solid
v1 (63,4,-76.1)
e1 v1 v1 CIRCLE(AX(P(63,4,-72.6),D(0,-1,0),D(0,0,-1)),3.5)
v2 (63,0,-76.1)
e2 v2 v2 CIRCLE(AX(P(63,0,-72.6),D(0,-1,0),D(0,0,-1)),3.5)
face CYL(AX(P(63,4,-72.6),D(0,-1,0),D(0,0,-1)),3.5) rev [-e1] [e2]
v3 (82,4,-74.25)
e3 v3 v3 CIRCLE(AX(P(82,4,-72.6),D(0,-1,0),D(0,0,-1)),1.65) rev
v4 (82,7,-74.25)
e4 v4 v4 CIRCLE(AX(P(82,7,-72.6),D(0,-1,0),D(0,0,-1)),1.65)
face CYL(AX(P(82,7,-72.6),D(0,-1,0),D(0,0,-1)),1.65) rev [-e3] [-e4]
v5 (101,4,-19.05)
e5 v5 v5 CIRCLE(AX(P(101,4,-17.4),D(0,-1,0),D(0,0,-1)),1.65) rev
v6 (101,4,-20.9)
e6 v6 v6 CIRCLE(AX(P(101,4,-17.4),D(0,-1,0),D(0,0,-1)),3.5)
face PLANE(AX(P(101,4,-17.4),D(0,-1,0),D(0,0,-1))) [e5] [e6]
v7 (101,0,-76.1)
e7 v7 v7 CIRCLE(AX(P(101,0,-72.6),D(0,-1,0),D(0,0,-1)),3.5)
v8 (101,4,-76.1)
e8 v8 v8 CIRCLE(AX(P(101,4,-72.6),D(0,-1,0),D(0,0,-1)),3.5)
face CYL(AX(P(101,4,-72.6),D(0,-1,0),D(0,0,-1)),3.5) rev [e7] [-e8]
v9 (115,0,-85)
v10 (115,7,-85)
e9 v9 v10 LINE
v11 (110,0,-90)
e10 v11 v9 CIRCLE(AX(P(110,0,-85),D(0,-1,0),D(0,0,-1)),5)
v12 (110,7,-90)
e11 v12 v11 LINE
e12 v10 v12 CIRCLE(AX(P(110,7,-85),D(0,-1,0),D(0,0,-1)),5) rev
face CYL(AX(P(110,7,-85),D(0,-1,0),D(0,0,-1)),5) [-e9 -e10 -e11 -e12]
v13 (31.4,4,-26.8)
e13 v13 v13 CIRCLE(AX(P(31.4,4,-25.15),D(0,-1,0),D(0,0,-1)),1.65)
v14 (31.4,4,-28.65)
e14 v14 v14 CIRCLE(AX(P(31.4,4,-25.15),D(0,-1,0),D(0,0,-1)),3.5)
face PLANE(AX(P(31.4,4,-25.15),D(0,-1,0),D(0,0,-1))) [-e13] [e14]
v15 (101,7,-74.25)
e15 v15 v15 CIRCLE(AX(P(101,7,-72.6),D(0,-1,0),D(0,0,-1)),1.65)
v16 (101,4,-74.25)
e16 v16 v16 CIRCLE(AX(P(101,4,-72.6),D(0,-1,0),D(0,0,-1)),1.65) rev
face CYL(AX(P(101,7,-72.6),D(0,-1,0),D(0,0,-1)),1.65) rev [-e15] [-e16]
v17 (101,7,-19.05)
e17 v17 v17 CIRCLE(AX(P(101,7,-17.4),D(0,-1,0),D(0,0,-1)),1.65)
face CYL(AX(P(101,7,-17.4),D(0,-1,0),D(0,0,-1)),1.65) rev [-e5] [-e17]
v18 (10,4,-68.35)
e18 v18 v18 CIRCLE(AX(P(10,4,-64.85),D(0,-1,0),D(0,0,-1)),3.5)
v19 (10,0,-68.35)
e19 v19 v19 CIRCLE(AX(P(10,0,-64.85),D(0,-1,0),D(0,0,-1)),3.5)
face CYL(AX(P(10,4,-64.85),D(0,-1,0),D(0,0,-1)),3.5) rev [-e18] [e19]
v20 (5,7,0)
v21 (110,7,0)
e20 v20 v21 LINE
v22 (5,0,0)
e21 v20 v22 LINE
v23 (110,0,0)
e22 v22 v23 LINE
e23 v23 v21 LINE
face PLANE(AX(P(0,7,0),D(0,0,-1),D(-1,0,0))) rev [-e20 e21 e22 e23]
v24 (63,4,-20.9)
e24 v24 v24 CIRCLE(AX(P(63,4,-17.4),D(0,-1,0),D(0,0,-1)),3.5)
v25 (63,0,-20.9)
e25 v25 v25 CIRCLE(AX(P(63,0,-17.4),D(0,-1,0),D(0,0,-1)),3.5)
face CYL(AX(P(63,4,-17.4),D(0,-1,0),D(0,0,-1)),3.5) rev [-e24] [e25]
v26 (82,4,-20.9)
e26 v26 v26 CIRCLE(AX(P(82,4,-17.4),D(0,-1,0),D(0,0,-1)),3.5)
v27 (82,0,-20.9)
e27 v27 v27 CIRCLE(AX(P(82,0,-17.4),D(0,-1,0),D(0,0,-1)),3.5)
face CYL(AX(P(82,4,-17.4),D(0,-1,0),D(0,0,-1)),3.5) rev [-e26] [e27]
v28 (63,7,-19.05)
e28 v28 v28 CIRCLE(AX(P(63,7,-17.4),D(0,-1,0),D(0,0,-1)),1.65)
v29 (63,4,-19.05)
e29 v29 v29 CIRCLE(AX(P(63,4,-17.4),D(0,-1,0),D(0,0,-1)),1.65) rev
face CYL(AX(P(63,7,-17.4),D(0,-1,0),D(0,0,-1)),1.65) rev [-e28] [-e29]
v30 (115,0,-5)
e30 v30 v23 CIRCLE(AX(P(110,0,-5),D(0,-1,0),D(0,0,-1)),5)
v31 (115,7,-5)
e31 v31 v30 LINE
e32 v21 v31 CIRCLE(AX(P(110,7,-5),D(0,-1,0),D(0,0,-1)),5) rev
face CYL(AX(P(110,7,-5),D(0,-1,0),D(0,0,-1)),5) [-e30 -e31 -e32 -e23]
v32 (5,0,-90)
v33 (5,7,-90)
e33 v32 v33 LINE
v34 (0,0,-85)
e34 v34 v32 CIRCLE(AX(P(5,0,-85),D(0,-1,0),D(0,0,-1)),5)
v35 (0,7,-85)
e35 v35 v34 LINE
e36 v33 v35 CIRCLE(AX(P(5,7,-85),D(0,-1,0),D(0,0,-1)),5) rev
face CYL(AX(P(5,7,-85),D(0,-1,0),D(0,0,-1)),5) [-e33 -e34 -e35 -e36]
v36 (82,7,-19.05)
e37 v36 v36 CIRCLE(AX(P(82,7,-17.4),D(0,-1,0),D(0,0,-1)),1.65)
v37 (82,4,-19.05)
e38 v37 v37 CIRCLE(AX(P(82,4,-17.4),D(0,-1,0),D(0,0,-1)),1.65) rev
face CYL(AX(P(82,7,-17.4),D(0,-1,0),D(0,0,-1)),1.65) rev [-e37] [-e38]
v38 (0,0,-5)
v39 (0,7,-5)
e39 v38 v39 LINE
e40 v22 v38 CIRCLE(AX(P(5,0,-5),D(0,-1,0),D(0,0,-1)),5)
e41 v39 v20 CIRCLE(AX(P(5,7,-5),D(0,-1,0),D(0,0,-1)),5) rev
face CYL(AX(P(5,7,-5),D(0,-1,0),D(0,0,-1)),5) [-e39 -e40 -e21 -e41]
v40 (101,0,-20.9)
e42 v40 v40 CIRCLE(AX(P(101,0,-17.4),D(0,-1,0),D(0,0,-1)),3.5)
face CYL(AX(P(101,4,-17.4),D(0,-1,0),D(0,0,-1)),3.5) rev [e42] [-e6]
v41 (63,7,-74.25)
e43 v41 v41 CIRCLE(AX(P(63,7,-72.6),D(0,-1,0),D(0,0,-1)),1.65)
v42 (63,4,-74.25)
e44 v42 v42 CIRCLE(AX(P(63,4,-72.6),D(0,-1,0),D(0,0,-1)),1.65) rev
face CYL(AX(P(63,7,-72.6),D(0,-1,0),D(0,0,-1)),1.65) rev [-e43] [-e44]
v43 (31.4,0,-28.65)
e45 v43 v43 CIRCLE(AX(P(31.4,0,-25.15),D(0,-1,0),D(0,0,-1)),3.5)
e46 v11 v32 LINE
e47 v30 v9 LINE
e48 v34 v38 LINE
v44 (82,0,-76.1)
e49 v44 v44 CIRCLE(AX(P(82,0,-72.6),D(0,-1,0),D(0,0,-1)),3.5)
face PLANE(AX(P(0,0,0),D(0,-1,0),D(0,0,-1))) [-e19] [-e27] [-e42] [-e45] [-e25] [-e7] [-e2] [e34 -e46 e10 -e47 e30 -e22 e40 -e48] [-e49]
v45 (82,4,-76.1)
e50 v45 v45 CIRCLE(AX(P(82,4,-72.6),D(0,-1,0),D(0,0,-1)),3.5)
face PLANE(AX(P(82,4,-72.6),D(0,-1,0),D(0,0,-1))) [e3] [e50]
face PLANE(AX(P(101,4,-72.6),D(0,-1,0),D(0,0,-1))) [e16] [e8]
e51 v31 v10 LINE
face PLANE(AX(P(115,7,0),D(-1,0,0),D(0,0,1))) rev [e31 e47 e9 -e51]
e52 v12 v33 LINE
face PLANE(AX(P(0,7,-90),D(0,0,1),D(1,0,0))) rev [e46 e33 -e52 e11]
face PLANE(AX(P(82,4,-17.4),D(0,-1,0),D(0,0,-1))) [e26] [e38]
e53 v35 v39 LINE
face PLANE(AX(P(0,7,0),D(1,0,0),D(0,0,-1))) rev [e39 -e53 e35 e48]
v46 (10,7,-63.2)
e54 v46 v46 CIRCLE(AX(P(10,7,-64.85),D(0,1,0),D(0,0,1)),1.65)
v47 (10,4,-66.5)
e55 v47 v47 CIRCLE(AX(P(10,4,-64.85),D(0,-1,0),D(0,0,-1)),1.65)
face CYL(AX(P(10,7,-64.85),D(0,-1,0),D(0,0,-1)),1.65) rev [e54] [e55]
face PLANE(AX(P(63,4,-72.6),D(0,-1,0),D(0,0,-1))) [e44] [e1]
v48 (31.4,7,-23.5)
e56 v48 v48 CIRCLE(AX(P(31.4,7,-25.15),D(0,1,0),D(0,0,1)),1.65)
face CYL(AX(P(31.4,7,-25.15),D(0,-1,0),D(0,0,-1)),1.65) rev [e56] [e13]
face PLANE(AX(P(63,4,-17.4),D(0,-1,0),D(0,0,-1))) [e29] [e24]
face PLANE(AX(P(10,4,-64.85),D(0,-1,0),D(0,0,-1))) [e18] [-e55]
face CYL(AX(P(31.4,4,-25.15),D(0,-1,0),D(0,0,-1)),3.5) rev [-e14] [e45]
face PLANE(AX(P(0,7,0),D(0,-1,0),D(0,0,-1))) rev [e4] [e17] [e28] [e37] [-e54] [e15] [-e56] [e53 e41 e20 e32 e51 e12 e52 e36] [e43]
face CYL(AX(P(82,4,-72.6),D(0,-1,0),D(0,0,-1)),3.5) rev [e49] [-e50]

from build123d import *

# Parameters (mm, degrees)
SKETCH1_W               = 115
SKETCH1_H               = 90
SKETCH1_R               = 1.65
BOSS_EXTRUDE2_DEPTH     = 7
CUT_EXTRUDE4_DEPTH      = 147.198495204
CUT_EXTRUDE4_DEPTH_BACK = 147.198495204
SKETCH5_R               = 1.65
FILLET1_R               = 5
SKETCH8_R               = 3.5
CUT_EXTRUDE6_DEPTH      = 4


with BuildPart() as part:
    # Sketch1 → Boss-Extrude2 (new body)
    with BuildSketch(Plane(origin=(0, 0, 0), x_dir=(1, 0, 0), z_dir=(0, 1, 0))):
        with Locations((57.5, 45)):
            Rectangle(SKETCH1_W, SKETCH1_H)
        with Locations(Location((10, 64.85, 0), (0, 0, 270))):
            Circle(SKETCH1_R, mode=Mode.SUBTRACT)
        with Locations(Location((31.4, 25.15, 0), (0, 0, 270))):
            Circle(SKETCH1_R, mode=Mode.SUBTRACT)
    extrude(amount=BOSS_EXTRUDE2_DEPTH)

    # Sketch5 → Cut-Extrude4 (cut, two sides: drawn at the far end of the back side and taken through both)
    with BuildSketch(Plane(origin=(0, 0, 0), x_dir=(-1, 0, 0), z_dir=(0, -1, 0)).offset(-CUT_EXTRUDE4_DEPTH_BACK)):
        with Locations(Location((-101, 17.4, 0), (0, 0, 90))):
            Circle(SKETCH5_R)
        with Locations(Location((-101, 72.6, 0), (0, 0, 90))):
            Circle(SKETCH5_R)
        with Locations(Location((-82, 17.4, 0), (0, 0, 90))):
            Circle(SKETCH5_R)
        with Locations(Location((-82, 72.6, 0), (0, 0, 90))):
            Circle(SKETCH5_R)
        with Locations(Location((-63, 17.4, 0), (0, 0, 90))):
            Circle(SKETCH5_R)
        with Locations(Location((-63, 72.6, 0), (0, 0, 90))):
            Circle(SKETCH5_R)
    extrude(amount=CUT_EXTRUDE4_DEPTH + CUT_EXTRUDE4_DEPTH_BACK, mode=Mode.SUBTRACT)

    # Fillet1
    fillet1_edges = [part.edges().sort_by_distance(p)[0] for p in [
        (0, 3.5, -90),
        (115, 3.5, -90),
        (115, 3.5, 0),
        (0, 3.5, 0),
    ]]
    fillet(fillet1_edges, radius=FILLET1_R)

    # Sketch8 → Cut-Extrude6 (cut)
    with BuildSketch(Plane.XZ):
        with Locations(Location((31.4, -25.15, 0), (0, 0, 270))):
            Circle(SKETCH8_R)
        with Locations(Location((10, -64.85, 0), (0, 0, 270))):
            Circle(SKETCH8_R)
        with Locations(Location((63, -72.6, 0), (0, 0, 270))):
            Circle(SKETCH8_R)
        with Locations(Location((82, -72.6, 0), (0, 0, 270))):
            Circle(SKETCH8_R)
        with Locations(Location((101, -72.6, 0), (0, 0, 270))):
            Circle(SKETCH8_R)
        with Locations(Location((63, -17.4, 0), (0, 0, 270))):
            Circle(SKETCH8_R)
        with Locations(Location((82, -17.4, 0), (0, 0, 270))):
            Circle(SKETCH8_R)
        with Locations(Location((101, -17.4, 0), (0, 0, 270))):
            Circle(SKETCH8_R)
    extrude(amount=-CUT_EXTRUDE6_DEPTH, mode=Mode.SUBTRACT)


solid = part.part
